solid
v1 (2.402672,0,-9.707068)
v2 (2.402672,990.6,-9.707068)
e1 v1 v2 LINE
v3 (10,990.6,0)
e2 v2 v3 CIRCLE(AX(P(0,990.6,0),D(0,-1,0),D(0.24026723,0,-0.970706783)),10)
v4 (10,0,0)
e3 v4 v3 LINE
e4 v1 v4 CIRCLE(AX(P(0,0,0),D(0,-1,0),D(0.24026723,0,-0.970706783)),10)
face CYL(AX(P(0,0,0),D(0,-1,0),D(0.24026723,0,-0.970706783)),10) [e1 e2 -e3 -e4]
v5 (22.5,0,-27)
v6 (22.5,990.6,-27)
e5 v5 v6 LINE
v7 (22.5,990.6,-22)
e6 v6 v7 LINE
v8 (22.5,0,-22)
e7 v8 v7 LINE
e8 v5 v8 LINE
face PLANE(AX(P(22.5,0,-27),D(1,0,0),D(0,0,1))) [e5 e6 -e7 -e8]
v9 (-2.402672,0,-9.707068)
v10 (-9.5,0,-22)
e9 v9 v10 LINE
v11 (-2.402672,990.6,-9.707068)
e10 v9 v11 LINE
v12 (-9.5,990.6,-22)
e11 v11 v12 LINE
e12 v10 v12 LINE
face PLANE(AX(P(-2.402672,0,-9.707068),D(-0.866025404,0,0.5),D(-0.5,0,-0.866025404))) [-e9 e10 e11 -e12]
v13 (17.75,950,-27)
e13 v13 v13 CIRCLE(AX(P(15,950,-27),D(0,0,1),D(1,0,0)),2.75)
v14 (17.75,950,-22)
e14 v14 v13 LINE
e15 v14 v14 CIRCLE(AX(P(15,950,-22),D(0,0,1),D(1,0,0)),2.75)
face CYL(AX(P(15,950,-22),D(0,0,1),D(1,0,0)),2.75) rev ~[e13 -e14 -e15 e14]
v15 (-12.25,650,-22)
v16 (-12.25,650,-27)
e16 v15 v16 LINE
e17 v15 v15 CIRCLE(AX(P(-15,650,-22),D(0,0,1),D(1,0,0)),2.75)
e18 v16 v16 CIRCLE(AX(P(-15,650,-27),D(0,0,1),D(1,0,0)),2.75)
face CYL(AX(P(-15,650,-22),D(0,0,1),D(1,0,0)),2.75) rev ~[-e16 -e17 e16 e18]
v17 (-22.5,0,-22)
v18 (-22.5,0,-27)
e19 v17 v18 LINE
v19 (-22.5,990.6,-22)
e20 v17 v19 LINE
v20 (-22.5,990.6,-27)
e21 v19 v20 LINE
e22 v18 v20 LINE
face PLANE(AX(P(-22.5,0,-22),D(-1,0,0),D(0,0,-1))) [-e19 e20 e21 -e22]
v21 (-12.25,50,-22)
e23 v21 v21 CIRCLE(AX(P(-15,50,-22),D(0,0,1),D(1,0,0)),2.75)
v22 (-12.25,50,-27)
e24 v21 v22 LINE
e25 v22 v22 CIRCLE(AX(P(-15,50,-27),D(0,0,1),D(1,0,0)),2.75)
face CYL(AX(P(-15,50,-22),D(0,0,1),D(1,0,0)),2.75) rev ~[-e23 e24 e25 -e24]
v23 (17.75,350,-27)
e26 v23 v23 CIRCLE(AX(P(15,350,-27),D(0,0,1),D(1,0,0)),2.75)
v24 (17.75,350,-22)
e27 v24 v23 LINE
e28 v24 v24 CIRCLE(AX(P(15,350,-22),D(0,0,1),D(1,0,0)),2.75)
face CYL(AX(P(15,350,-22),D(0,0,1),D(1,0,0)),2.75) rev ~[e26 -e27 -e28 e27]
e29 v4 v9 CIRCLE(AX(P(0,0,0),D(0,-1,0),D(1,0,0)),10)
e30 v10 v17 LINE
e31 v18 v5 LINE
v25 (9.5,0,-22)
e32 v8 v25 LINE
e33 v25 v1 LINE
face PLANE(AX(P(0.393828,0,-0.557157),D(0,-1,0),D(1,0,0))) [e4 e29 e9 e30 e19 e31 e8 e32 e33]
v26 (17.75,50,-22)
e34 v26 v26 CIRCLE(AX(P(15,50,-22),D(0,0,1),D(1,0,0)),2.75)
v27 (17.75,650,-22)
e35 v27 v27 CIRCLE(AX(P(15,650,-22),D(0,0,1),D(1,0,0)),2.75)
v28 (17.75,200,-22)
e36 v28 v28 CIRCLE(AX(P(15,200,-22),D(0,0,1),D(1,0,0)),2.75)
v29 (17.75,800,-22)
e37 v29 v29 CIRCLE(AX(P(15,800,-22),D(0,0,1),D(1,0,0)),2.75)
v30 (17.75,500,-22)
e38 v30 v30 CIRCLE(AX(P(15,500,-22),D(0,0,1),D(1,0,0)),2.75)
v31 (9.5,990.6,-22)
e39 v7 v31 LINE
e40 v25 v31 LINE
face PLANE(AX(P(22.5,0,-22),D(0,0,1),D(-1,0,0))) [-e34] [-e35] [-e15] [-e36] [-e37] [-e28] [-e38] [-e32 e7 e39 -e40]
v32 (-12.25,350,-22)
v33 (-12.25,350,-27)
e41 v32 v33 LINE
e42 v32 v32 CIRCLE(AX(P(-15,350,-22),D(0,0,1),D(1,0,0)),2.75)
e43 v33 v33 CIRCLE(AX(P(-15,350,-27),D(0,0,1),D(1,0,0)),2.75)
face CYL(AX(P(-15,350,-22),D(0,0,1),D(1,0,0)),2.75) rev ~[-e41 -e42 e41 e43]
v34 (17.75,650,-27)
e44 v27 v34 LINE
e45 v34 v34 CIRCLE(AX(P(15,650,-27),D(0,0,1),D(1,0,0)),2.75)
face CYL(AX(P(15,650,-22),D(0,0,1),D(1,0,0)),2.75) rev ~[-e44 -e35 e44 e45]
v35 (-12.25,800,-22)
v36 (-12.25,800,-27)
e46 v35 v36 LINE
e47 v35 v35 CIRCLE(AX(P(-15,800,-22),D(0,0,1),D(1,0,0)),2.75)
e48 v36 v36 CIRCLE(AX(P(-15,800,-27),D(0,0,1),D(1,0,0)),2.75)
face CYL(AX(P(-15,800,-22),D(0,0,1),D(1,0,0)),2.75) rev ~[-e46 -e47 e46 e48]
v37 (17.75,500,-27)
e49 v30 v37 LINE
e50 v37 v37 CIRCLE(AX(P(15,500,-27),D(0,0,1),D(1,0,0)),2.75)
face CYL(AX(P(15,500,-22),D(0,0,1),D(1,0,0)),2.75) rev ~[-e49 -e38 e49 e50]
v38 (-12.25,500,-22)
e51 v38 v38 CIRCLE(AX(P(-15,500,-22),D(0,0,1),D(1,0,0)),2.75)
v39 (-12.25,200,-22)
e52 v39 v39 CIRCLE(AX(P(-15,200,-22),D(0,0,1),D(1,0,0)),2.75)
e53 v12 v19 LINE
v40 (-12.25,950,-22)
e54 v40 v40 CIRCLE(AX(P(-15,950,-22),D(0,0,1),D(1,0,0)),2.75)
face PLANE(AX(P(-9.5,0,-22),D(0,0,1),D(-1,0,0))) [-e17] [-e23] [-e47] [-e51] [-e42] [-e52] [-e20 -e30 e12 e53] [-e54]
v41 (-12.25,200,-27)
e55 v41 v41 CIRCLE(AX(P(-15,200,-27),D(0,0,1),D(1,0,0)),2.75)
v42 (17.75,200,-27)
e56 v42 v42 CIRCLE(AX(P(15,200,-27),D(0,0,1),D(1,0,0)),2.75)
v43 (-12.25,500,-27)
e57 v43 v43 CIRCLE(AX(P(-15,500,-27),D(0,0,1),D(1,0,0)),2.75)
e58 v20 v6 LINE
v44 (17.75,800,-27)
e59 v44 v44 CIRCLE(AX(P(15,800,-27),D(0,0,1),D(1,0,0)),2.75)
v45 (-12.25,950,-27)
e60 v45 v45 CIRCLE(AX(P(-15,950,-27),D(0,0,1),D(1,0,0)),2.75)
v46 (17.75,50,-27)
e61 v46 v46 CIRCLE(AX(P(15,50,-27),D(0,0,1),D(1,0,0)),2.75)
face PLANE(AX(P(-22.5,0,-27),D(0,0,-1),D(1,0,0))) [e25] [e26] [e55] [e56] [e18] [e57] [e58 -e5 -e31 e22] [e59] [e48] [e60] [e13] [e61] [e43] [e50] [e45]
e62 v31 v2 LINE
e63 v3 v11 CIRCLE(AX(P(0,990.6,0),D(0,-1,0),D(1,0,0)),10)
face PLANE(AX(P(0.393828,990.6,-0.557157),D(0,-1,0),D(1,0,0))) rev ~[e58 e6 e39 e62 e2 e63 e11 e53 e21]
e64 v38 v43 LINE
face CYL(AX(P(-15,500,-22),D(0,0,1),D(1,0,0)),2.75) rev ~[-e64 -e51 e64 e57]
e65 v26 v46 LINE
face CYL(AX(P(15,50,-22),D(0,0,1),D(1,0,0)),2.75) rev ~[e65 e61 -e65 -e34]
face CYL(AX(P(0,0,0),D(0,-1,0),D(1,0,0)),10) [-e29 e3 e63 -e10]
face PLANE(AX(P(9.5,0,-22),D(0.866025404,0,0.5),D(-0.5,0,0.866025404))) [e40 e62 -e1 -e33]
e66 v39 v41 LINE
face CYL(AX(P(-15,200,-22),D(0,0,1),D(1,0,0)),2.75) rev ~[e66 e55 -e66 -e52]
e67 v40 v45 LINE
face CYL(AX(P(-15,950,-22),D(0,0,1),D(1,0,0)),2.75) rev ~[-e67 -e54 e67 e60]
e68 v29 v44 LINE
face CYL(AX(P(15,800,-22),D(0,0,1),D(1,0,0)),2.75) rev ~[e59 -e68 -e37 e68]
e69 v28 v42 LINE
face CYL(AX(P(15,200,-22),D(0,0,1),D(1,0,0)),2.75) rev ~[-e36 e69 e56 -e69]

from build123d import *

# Parameters (mm, degrees)
F1_DEPTH = 990.6
F2_R     = 2.75
F3_DEPTH = 25.4


with BuildPart() as f1:
    # F0 (on Front) → F1 (new body)
    with BuildSketch(Plane.XZ):
        with BuildLine():
            ThreePointArc((2.4026723012, -9.7070678278), (7.8748562848, -6.1633301464), (10, 0))
            ThreePointArc((10, 0), (-6.1633301464, 7.8748562848), (-2.4026723012, -9.7070678278))
            Line((-2.4026723012, -9.7070678278), (-2.0930662503, -9.1708144173))
            Line((-2.0930662503, -9.1708144173), (2.0930662503, -9.1708144173))
            Line((2.0930662503, -9.1708144173), (2.4026723012, -9.7070678278))
        make_face()
        with BuildLine():
            Line((-2.0930662503, -9.1708144173), (-2.4026723012, -9.7070678278))
            ThreePointArc((-2.4026723012, -9.7070678278), (0, -10), (2.4026723012, -9.7070678278))
            Line((2.4026723012, -9.7070678278), (2.0930662503, -9.1708144173))
            Line((2.0930662503, -9.1708144173), (-2.0930662503, -9.1708144173))
        make_face()
        with BuildLine():
            ThreePointArc((2.4026723012, -9.7070678278), (0, -10), (-2.4026723012, -9.7070678278))
            Line((-2.4026723012, -9.7070678278), (-9.5, -22))
            Line((-9.5, -22), (-22.5, -22))
            Line((-22.5, -22), (-22.5, -27))
            Line((-22.5, -27), (22.5, -27))
            Line((22.5, -27), (22.5, -22))
            Line((22.5, -22), (9.5, -22))
            Line((9.5, -22), (2.4026723012, -9.7070678278))
        make_face()
    extrude(amount=-F1_DEPTH)

    # F2 (on face) → F3 (cut)
    with BuildSketch(Plane.XY.offset(-22)):
        with Locations((15, 50)):
            Circle(F2_R)
        with Locations((-15, 50)):
            Circle(F2_R)
        with Locations((15, 200)):
            Circle(F2_R)
        with Locations((-15, 200)):
            Circle(F2_R)
        with Locations((15, 350)):
            Circle(F2_R)
        with Locations((-15, 350)):
            Circle(F2_R)
        with Locations((15, 500)):
            Circle(F2_R)
        with Locations((-15, 500)):
            Circle(F2_R)
        with Locations((15, 650)):
            Circle(F2_R)
        with Locations((-15, 650)):
            Circle(F2_R)
        with Locations((15, 800)):
            Circle(F2_R)
        with Locations((-15, 800)):
            Circle(F2_R)
        with Locations((15, 950)):
            Circle(F2_R)
        with Locations((-15, 950)):
            Circle(F2_R)
        with Locations((88.152, 50)):
            Circle(F2_R)
        with Locations((58.152, 50)):
            Circle(F2_R)
        with Locations((88.152, 200)):
            Circle(F2_R)
        with Locations((58.152, 200)):
            Circle(F2_R)
        with Locations((88.152, 350)):
            Circle(F2_R)
        with Locations((58.152, 350)):
            Circle(F2_R)
        with Locations((88.152, 500)):
            Circle(F2_R)
        with Locations((58.152, 500)):
            Circle(F2_R)
        with Locations((88.152, 650)):
            Circle(F2_R)
        with Locations((58.152, 650)):
            Circle(F2_R)
        with Locations((88.152, 800)):
            Circle(F2_R)
        with Locations((58.152, 800)):
            Circle(F2_R)
        with Locations((88.152, 950)):
            Circle(F2_R)
        with Locations((58.152, 950)):
            Circle(F2_R)
        with Locations((161.304, 50)):
            Circle(F2_R)
        with Locations((131.304, 50)):
            Circle(F2_R)
        with Locations((161.304, 200)):
            Circle(F2_R)
        with Locations((131.304, 200)):
            Circle(F2_R)
        with Locations((161.304, 350)):
            Circle(F2_R)
        with Locations((131.304, 350)):
            Circle(F2_R)
        with Locations((161.304, 500)):
            Circle(F2_R)
        with Locations((131.304, 500)):
            Circle(F2_R)
        with Locations((161.304, 650)):
            Circle(F2_R)
        with Locations((131.304, 650)):
            Circle(F2_R)
        with Locations((161.304, 800)):
            Circle(F2_R)
        with Locations((131.304, 800)):
            Circle(F2_R)
        with Locations((161.304, 950)):
            Circle(F2_R)
        with Locations((131.304, 950)):
            Circle(F2_R)
    extrude(amount=-F3_DEPTH, mode=Mode.SUBTRACT)


solid = f1.part
